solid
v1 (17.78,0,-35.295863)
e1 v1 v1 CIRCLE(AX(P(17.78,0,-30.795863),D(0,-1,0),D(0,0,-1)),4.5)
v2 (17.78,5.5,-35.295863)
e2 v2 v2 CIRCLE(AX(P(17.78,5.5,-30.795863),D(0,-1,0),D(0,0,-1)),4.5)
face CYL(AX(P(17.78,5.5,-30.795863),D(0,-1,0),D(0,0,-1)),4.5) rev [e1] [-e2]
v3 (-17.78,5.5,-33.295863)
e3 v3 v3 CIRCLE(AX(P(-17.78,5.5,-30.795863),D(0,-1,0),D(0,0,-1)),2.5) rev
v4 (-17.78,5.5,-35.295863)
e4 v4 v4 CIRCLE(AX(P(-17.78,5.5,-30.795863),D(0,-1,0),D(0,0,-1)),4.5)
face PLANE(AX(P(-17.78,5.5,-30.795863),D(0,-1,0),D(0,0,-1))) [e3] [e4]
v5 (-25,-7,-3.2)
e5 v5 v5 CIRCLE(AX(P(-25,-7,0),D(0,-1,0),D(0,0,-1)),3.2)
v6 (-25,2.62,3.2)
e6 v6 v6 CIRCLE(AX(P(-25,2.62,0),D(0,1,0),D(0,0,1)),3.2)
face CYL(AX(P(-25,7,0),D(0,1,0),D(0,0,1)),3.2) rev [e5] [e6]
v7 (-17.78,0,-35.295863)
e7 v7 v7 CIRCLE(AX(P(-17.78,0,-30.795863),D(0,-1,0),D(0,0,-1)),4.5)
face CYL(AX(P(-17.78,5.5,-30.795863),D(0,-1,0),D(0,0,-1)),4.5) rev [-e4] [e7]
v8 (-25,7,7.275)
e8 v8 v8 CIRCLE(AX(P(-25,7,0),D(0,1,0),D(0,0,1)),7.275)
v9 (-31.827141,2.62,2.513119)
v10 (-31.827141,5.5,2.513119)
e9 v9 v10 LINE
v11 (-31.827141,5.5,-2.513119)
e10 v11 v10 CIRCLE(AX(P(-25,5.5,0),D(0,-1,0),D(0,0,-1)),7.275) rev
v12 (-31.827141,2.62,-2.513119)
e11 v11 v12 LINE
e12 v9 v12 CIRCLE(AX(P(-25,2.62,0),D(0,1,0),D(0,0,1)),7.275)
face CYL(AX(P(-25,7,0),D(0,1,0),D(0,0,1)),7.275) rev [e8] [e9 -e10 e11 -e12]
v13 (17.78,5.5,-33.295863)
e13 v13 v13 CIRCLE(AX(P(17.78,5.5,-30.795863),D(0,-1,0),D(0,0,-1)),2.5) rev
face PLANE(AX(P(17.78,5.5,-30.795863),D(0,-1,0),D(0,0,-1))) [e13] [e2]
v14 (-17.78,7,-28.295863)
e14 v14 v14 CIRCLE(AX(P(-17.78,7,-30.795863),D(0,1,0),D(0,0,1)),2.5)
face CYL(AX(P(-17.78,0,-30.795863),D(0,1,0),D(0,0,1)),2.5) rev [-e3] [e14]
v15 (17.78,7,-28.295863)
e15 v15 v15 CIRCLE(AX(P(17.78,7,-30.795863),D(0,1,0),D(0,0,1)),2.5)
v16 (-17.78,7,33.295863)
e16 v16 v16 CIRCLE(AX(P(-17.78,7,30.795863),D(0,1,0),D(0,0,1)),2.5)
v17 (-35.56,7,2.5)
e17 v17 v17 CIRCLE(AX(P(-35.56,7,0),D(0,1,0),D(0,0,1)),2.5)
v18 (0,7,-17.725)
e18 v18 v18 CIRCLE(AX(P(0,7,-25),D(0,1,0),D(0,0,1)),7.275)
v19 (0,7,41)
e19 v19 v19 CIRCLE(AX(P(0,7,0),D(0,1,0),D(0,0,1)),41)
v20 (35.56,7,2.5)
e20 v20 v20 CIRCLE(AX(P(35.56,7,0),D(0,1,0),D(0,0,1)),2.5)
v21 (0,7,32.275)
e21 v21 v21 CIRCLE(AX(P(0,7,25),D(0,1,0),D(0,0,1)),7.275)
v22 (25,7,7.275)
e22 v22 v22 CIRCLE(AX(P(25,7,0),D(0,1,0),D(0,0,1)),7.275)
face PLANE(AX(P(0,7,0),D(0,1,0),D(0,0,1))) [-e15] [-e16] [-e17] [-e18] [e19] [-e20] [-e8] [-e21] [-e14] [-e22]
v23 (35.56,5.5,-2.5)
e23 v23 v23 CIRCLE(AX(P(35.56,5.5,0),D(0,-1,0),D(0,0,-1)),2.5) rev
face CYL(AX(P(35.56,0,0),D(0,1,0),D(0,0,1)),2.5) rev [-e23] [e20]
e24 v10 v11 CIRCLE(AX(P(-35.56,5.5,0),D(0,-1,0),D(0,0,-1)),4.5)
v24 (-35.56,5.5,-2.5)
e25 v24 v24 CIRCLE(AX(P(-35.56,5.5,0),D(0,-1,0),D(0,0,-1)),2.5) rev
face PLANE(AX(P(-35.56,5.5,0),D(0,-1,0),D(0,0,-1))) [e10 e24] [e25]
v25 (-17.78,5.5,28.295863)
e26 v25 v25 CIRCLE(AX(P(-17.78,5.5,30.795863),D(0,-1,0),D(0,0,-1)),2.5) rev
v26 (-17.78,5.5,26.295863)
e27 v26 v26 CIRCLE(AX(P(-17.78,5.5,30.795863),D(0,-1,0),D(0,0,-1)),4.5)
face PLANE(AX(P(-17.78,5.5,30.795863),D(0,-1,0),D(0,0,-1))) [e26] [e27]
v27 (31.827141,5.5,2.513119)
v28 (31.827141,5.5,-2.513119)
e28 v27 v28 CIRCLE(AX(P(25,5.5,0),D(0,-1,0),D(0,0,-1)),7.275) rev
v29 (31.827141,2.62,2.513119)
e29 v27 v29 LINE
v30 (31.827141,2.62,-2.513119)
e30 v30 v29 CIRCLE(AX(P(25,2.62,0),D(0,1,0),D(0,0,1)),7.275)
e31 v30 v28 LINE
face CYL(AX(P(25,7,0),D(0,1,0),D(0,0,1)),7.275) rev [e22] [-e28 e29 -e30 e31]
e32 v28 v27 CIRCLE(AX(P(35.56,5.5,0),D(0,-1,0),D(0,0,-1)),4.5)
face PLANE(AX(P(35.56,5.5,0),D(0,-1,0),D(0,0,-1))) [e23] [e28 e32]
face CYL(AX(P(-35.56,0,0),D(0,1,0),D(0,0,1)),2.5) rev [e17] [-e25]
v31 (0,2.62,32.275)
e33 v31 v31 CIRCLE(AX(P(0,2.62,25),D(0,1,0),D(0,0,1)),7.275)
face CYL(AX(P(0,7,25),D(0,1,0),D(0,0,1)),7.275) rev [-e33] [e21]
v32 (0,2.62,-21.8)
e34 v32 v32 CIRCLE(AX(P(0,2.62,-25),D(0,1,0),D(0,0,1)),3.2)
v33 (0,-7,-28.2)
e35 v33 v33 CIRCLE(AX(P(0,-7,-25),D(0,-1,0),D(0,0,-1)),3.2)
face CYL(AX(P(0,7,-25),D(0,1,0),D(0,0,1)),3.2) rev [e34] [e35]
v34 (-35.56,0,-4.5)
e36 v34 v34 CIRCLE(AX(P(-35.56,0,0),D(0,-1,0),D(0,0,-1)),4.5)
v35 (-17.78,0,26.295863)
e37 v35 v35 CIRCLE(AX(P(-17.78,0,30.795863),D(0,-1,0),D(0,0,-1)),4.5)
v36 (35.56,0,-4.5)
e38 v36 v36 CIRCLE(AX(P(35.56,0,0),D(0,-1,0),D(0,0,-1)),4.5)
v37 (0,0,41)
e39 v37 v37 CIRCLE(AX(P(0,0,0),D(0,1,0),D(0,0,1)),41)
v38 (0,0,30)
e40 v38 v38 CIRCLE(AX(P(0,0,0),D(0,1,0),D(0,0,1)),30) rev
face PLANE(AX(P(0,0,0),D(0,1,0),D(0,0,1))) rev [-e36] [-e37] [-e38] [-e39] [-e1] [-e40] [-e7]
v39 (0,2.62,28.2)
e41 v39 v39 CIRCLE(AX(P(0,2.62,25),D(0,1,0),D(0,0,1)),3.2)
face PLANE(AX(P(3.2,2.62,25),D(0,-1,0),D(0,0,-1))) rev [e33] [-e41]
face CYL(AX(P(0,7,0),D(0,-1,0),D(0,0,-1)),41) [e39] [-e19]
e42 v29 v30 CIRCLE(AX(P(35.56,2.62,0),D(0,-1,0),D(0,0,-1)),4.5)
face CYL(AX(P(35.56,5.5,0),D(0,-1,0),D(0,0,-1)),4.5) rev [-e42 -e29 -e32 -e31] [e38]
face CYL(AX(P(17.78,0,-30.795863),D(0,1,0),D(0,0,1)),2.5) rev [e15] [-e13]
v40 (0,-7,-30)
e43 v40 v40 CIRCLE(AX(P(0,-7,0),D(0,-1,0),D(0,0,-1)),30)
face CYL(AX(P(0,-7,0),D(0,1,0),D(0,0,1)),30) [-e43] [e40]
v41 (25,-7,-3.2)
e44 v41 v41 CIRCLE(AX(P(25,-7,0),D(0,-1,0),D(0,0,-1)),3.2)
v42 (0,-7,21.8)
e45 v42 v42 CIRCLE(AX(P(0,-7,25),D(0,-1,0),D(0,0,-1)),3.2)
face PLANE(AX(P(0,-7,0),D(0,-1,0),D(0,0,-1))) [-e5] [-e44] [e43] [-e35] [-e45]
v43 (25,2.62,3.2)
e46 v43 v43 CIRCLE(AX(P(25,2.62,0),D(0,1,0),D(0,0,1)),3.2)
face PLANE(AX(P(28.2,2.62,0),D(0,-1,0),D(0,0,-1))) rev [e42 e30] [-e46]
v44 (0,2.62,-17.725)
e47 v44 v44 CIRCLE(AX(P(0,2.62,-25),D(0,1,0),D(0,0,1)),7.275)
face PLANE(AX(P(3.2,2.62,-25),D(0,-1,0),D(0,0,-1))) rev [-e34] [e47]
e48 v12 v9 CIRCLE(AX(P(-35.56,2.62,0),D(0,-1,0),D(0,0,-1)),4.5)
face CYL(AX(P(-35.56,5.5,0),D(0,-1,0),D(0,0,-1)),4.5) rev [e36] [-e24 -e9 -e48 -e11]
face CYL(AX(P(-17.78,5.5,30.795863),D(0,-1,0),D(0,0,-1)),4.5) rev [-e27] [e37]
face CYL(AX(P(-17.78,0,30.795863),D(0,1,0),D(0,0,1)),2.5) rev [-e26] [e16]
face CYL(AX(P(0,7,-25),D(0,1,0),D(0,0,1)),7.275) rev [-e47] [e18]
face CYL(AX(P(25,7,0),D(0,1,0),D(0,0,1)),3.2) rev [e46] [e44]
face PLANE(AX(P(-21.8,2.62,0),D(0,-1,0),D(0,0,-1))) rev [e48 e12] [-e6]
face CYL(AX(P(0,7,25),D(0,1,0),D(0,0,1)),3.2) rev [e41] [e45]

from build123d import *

# Parameters (mm, degrees)
SKETCH1_R                               = 41
BOSS_EXTRUDE1_DEPTH                     = 7
CBORE_FOR_M6_HEX_HEAD_BOLT1_D           = 6.4
CBORE_FOR_M6_HEX_HEAD_BOLT1_CBORE_D     = 14.55
CBORE_FOR_M6_HEX_HEAD_BOLT1_CBORE_DEPTH = 4.38
CIRPATTERN2_COUNT                       = 4
CUT_EXTRUDE4_START                      = -7
SKETCH15_R                              = 2.5
CUT_EXTRUDE4_DEPTH                      = 66.403767002
SKETCH16_R                              = 4.5
CUT_EXTRUDE5_DEPTH                      = 5.5
BOSS_EXTRUDE2_START                     = 7
SKETCH17_R                              = 30
SKETCH17_R_2                            = 3.2
BOSS_EXTRUDE2_DEPTH                     = 7


with BuildPart() as part:
    # Sketch1 → Boss-Extrude1 (new body)
    with BuildSketch(Plane(origin=(0, 0, 0), x_dir=(1, 0, 0), z_dir=(0, 1, 0))):
        with Locations(Location((0, 0, 0), (0, 0, 270))):
            Circle(SKETCH1_R)
    extrude(amount=BOSS_EXTRUDE1_DEPTH)

    # CBORE for M6 Hex Head Bolt1 (through all)
    with Locations(Plane(origin=(0, 7, 0), x_dir=(1, 0, 0), z_dir=(0, 1, 0))):
        with Locations((0, 25)):
            cbore_for_m6_hex_head_bolt1 = CounterBoreHole(CBORE_FOR_M6_HEX_HEAD_BOLT1_D / 2, CBORE_FOR_M6_HEX_HEAD_BOLT1_CBORE_D / 2, CBORE_FOR_M6_HEX_HEAD_BOLT1_CBORE_DEPTH)

    # CirPattern2: CBORE for M6 Hex Head Bolt1 ×4 about axis
    cirpattern2_axis = Axis((0, 0, 0), (0, 1, 0))
    for i in range(1, CIRPATTERN2_COUNT):
        add(cbore_for_m6_hex_head_bolt1.rotate(cirpattern2_axis, i * 360 / CIRPATTERN2_COUNT), mode=Mode.SUBTRACT)

    # Sketch15 → Cut-Extrude4 (cut, through all)
    with BuildSketch(Plane.XZ.offset(CUT_EXTRUDE4_START)):
        with Locations(Location((35.56, 0, 0), (0, 0, 90))):
            Circle(SKETCH15_R)
        with Locations(Location((17.78, -30.795863359, 0), (0, 0, 90))):
            Circle(SKETCH15_R)
        with Locations(Location((-17.78, -30.795863359, 0), (0, 0, 90))):
            Circle(SKETCH15_R)
        with Locations(Location((-35.56, 0, 0), (0, 0, 90))):
            Circle(SKETCH15_R)
        with Locations(Location((-17.78, 30.795863359, 0), (0, 0, 90))):
            Circle(SKETCH15_R)
    extrude(amount=CUT_EXTRUDE4_DEPTH, mode=Mode.SUBTRACT)

    # Sketch16 → Cut-Extrude5 (cut)
    with BuildSketch(Plane.XZ):
        with Locations(Location((-17.78, 30.795863359, 0), (0, 0, 270))):
            Circle(SKETCH16_R)
        with Locations(Location((-35.56, 0, 0), (0, 0, 270))):
            Circle(SKETCH16_R)
        with Locations(Location((35.56, 0, 0), (0, 0, 270))):
            Circle(SKETCH16_R)
        with Locations(Location((-17.78, -30.795863359, 0), (0, 0, 270))):
            Circle(SKETCH16_R)
        with Locations(Location((17.78, -30.795863359, 0), (0, 0, 270))):
            Circle(SKETCH16_R)
    extrude(amount=-CUT_EXTRUDE5_DEPTH, mode=Mode.SUBTRACT)

    # Sketch17 → Boss-Extrude2 (add)
    with BuildSketch(Plane.XZ.offset(BOSS_EXTRUDE2_START)):
        with Locations(Location((0, 0, 0), (0, 0, 90))):
            Circle(SKETCH17_R)
        with Locations(Location((25, 0, 0), (0, 0, 90))):
            Circle(SKETCH17_R_2, mode=Mode.SUBTRACT)
        with Locations(Location((0, -25, 0), (0, 0, 90))):
            Circle(SKETCH17_R_2, mode=Mode.SUBTRACT)
        with Locations(Location((-25, 0, 0), (0, 0, 90))):
            Circle(SKETCH17_R_2, mode=Mode.SUBTRACT)
        with Locations(Location((0, 25, 0), (0, 0, 90))):
            Circle(SKETCH17_R_2, mode=Mode.SUBTRACT)
    extrude(amount=-BOSS_EXTRUDE2_DEPTH)


solid = part.part
